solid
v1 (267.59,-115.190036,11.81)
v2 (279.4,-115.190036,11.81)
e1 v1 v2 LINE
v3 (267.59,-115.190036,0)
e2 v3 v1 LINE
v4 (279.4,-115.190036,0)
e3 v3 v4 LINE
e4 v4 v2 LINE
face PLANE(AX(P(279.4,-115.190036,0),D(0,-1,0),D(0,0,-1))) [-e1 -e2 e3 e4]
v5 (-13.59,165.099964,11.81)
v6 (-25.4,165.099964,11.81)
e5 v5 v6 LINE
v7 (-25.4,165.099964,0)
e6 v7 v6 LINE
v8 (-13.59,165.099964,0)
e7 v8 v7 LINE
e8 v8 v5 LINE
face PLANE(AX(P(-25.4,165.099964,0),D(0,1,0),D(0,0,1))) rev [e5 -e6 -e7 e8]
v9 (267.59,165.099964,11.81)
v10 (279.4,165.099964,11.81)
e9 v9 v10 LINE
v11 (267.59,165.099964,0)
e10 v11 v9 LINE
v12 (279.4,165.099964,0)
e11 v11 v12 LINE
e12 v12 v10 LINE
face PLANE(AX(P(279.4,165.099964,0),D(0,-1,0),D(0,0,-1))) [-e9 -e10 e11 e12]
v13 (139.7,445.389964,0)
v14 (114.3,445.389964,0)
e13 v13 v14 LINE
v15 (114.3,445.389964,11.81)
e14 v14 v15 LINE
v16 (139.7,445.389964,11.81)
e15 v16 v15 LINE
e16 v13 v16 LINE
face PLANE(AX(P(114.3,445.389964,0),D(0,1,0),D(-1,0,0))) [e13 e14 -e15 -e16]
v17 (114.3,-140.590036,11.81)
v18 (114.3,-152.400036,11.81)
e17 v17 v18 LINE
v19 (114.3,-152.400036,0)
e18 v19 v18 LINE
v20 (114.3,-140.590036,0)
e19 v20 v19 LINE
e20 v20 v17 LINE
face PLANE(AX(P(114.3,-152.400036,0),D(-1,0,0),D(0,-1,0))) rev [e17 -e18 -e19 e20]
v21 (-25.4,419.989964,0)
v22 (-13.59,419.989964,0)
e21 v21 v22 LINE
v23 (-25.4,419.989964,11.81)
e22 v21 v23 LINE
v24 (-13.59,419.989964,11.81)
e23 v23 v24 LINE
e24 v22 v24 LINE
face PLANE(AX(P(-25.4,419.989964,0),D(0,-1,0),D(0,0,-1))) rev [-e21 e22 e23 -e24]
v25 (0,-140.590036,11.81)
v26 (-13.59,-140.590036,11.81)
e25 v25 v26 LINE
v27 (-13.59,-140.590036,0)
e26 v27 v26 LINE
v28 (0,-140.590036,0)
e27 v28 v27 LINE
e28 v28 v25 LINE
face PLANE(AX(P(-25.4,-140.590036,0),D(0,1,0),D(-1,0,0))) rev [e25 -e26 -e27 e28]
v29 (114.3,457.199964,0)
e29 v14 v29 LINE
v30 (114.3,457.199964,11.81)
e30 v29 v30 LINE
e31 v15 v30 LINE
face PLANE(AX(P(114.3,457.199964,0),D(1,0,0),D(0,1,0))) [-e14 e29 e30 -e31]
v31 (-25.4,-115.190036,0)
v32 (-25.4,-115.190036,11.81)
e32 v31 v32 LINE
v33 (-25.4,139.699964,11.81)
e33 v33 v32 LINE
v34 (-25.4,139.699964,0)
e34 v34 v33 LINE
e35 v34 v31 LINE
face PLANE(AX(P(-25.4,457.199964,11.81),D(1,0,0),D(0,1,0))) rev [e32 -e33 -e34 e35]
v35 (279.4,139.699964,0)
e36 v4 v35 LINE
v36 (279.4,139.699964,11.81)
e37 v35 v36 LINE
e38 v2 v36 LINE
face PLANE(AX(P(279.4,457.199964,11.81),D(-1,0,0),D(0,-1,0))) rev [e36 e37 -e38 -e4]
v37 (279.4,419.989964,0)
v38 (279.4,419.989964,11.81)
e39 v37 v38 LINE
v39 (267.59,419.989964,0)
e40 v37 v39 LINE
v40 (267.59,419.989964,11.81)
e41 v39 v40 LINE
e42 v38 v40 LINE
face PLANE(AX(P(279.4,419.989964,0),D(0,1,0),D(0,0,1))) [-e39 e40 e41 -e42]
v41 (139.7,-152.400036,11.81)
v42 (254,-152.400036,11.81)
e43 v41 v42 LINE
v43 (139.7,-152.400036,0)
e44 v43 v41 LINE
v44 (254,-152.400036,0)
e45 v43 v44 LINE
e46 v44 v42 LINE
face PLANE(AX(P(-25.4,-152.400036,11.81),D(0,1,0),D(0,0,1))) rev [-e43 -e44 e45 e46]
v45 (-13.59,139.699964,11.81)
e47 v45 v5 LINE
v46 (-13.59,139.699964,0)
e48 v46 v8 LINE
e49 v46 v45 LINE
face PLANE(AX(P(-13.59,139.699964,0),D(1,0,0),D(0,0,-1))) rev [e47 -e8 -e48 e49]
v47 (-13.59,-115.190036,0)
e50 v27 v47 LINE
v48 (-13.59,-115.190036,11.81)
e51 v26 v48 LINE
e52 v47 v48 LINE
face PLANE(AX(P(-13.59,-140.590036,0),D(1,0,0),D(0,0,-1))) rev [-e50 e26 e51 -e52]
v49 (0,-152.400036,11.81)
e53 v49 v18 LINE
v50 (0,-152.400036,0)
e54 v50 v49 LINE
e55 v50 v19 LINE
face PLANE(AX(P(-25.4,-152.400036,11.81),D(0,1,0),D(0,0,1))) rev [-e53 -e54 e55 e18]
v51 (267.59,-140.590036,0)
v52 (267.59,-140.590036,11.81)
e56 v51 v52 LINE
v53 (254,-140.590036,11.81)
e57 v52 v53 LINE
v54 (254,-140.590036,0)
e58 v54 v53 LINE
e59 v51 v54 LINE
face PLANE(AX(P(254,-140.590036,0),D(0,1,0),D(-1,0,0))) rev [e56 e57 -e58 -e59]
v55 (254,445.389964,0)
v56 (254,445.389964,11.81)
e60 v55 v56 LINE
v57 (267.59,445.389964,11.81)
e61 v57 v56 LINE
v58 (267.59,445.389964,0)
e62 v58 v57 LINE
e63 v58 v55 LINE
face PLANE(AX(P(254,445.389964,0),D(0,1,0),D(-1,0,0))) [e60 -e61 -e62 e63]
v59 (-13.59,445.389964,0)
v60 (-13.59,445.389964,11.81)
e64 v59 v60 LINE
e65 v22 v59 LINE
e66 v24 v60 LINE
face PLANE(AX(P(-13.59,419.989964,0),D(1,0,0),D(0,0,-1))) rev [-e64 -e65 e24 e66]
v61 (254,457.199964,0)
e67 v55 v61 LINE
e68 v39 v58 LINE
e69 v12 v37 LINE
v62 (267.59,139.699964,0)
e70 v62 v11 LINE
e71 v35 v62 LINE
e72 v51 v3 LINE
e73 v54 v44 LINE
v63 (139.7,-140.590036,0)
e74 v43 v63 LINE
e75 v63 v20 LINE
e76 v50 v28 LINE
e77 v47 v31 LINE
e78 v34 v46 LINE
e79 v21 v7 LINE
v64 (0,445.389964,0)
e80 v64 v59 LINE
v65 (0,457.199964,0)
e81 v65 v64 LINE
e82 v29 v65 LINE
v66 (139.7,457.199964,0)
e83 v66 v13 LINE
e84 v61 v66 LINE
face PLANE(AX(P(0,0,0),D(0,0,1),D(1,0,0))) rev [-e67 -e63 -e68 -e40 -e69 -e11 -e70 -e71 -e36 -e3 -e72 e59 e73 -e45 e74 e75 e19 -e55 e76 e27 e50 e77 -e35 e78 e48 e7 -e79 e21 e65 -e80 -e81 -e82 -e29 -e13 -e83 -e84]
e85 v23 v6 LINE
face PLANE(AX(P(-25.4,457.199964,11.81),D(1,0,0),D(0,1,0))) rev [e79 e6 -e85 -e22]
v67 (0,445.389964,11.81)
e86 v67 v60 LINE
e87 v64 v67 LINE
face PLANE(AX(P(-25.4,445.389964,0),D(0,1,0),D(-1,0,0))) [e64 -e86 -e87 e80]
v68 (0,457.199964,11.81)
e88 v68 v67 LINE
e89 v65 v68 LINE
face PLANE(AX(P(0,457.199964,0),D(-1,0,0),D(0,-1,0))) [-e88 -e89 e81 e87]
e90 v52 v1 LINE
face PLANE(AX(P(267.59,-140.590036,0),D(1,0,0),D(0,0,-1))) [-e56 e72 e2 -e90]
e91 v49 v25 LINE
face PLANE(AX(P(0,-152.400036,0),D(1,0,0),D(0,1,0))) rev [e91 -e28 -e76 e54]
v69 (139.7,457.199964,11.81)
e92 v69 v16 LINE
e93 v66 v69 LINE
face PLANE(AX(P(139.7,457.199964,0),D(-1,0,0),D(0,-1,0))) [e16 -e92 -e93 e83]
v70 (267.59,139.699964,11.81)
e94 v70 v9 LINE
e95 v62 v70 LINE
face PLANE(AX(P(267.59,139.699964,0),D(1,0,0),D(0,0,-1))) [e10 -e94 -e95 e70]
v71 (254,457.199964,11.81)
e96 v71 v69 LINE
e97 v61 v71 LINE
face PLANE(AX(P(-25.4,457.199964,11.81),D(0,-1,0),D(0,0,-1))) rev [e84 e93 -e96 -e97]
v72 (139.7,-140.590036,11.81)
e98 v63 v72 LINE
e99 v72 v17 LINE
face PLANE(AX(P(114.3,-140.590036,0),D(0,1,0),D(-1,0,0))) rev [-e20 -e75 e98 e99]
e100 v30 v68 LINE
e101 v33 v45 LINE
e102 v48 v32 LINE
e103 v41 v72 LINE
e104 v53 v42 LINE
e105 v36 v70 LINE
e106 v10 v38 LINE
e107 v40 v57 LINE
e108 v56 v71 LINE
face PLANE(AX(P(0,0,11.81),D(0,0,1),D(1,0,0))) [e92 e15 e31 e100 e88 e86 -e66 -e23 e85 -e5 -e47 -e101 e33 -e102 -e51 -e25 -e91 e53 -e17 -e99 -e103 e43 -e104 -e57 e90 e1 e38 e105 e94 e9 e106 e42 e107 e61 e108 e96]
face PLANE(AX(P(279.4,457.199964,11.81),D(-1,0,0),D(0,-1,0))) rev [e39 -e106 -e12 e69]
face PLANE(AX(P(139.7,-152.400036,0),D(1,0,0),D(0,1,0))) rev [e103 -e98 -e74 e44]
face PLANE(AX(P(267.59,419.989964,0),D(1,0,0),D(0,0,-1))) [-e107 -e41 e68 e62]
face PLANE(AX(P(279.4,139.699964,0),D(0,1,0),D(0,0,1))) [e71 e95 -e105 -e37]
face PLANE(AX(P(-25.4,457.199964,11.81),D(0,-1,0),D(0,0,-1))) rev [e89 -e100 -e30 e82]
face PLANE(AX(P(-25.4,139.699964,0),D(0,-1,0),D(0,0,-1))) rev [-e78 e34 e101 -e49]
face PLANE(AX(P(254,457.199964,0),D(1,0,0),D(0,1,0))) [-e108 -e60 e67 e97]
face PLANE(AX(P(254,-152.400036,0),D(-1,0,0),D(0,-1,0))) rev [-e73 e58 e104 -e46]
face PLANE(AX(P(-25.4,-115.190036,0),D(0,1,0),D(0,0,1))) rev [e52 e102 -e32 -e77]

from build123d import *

# Parameters (mm, degrees)
BASE_SKETCH_W           = 304.8
BASE_SKETCH_H           = 609.6
BOSS_EXTRUDE1_DEPTH     = 11.81
JOINT_X_W               = 25.4
JOINT_X_H               = 11.81
CUT_EXTRUDE1_DEPTH      = 536.943693755
LPATTERN1_COUNT         = 3
LPATTERN1_PITCH         = 139.7
MIRROR1_COPY_1_SKETCH_W = 25.4
MIRROR1_COPY_1_SKETCH_H = 11.81
MIRROR1_COPY_1_DEPTH    = 536.943693755
MIRROR1_COPY_2_SKETCH_W = 25.4
MIRROR1_COPY_2_SKETCH_H = 11.81
MIRROR1_COPY_2_DEPTH    = 536.943693755
JOINT_Y_W               = 11.81
JOINT_Y_H               = 25.4
CUT_EXTRUDE2_DEPTH      = 536.943693755
LPATTERN3_COUNT         = 3
LPATTERN3_PITCH         = 280.29
MIRROR4_COPY_1_SKETCH_W = 11.81
MIRROR4_COPY_1_SKETCH_H = 25.4
MIRROR4_COPY_1_DEPTH    = 536.943693755
MIRROR4_COPY_2_SKETCH_W = 11.81
MIRROR4_COPY_2_SKETCH_H = 25.4
MIRROR4_COPY_2_DEPTH    = 536.943693755


with BuildPart() as part:
    # Base_Sketch → Boss-Extrude1 (new body)
    with BuildSketch(Plane.XY):
        with Locations((127, 152.399963665)):
            Rectangle(BASE_SKETCH_W, BASE_SKETCH_H)
    extrude(amount=BOSS_EXTRUDE1_DEPTH)

    # Joint_X → Cut-Extrude1 (cut, through all)
    with BuildSketch(Plane.XY.offset(11.81)):
        with Locations((-12.7, -146.495036335)):
            Rectangle(JOINT_X_W, JOINT_X_H)
    cut_extrude1 = extrude(amount=-CUT_EXTRUDE1_DEPTH, mode=Mode.SUBTRACT)

    # LPattern1: Cut-Extrude1 ×3
    with Locations(*[(i * LPATTERN1_PITCH, 0, 0) for i in range(1, LPATTERN1_COUNT)]):
        add(cut_extrude1, mode=Mode.SUBTRACT)

    # Mirror1: Cut-Extrude1 across plane
    add(cut_extrude1.mirror(Plane(origin=(0, 152.399963665, 0), x_dir=(0, 0, 1), z_dir=(0, -1, 0))), mode=Mode.SUBTRACT)

    # Mirror1 copy 1 sketch → Mirror1 copy 1 (cut, through all)
    with BuildSketch(Plane(origin=(139.7, 304.79992733, 11.81), x_dir=(1, 0, 0), z_dir=(0, 0, 1))):
        with Locations((-12.7, 146.495036335)):
            Rectangle(MIRROR1_COPY_1_SKETCH_W, MIRROR1_COPY_1_SKETCH_H)
    extrude(amount=-MIRROR1_COPY_1_DEPTH, mode=Mode.SUBTRACT)

    # Mirror1 copy 2 sketch → Mirror1 copy 2 (cut, through all)
    with BuildSketch(Plane(origin=(279.4, 304.79992733, 11.81), x_dir=(1, 0, 0), z_dir=(0, 0, 1))):
        with Locations((-12.7, 146.495036335)):
            Rectangle(MIRROR1_COPY_2_SKETCH_W, MIRROR1_COPY_2_SKETCH_H)
    extrude(amount=-MIRROR1_COPY_2_DEPTH, mode=Mode.SUBTRACT)

    # Joint_Y → Cut-Extrude2 (cut, through all)
    with BuildSketch(Plane.XY.offset(11.81)):
        with Locations((-19.495, -127.890036335)):
            Rectangle(JOINT_Y_W, JOINT_Y_H)
    cut_extrude2 = extrude(amount=-CUT_EXTRUDE2_DEPTH, mode=Mode.SUBTRACT)

    # LPattern3: Cut-Extrude2 ×3
    with Locations(*[(0, i * LPATTERN3_PITCH, 0) for i in range(1, LPATTERN3_COUNT)]):
        add(cut_extrude2, mode=Mode.SUBTRACT)

    # Mirror4: Cut-Extrude2 across plane
    add(cut_extrude2.mirror(Plane.ZY.offset(-127)), mode=Mode.SUBTRACT)

    # Mirror4 copy 1 sketch → Mirror4 copy 1 (cut, through all)
    with BuildSketch(Plane(origin=(254, 280.29, 11.81), x_dir=(-1, 0, 0), z_dir=(0, 0, 1))):
        with Locations((-19.495, 127.890036335)):
            Rectangle(MIRROR4_COPY_1_SKETCH_W, MIRROR4_COPY_1_SKETCH_H)
    extrude(amount=-MIRROR4_COPY_1_DEPTH, mode=Mode.SUBTRACT)

    # Mirror4 copy 2 sketch → Mirror4 copy 2 (cut, through all)
    with BuildSketch(Plane(origin=(254, 560.58, 11.81), x_dir=(-1, 0, 0), z_dir=(0, 0, 1))):
        with Locations((-19.495, 127.890036335)):
            Rectangle(MIRROR4_COPY_2_SKETCH_W, MIRROR4_COPY_2_SKETCH_H)
    extrude(amount=-MIRROR4_COPY_2_DEPTH, mode=Mode.SUBTRACT)


solid = part.part
